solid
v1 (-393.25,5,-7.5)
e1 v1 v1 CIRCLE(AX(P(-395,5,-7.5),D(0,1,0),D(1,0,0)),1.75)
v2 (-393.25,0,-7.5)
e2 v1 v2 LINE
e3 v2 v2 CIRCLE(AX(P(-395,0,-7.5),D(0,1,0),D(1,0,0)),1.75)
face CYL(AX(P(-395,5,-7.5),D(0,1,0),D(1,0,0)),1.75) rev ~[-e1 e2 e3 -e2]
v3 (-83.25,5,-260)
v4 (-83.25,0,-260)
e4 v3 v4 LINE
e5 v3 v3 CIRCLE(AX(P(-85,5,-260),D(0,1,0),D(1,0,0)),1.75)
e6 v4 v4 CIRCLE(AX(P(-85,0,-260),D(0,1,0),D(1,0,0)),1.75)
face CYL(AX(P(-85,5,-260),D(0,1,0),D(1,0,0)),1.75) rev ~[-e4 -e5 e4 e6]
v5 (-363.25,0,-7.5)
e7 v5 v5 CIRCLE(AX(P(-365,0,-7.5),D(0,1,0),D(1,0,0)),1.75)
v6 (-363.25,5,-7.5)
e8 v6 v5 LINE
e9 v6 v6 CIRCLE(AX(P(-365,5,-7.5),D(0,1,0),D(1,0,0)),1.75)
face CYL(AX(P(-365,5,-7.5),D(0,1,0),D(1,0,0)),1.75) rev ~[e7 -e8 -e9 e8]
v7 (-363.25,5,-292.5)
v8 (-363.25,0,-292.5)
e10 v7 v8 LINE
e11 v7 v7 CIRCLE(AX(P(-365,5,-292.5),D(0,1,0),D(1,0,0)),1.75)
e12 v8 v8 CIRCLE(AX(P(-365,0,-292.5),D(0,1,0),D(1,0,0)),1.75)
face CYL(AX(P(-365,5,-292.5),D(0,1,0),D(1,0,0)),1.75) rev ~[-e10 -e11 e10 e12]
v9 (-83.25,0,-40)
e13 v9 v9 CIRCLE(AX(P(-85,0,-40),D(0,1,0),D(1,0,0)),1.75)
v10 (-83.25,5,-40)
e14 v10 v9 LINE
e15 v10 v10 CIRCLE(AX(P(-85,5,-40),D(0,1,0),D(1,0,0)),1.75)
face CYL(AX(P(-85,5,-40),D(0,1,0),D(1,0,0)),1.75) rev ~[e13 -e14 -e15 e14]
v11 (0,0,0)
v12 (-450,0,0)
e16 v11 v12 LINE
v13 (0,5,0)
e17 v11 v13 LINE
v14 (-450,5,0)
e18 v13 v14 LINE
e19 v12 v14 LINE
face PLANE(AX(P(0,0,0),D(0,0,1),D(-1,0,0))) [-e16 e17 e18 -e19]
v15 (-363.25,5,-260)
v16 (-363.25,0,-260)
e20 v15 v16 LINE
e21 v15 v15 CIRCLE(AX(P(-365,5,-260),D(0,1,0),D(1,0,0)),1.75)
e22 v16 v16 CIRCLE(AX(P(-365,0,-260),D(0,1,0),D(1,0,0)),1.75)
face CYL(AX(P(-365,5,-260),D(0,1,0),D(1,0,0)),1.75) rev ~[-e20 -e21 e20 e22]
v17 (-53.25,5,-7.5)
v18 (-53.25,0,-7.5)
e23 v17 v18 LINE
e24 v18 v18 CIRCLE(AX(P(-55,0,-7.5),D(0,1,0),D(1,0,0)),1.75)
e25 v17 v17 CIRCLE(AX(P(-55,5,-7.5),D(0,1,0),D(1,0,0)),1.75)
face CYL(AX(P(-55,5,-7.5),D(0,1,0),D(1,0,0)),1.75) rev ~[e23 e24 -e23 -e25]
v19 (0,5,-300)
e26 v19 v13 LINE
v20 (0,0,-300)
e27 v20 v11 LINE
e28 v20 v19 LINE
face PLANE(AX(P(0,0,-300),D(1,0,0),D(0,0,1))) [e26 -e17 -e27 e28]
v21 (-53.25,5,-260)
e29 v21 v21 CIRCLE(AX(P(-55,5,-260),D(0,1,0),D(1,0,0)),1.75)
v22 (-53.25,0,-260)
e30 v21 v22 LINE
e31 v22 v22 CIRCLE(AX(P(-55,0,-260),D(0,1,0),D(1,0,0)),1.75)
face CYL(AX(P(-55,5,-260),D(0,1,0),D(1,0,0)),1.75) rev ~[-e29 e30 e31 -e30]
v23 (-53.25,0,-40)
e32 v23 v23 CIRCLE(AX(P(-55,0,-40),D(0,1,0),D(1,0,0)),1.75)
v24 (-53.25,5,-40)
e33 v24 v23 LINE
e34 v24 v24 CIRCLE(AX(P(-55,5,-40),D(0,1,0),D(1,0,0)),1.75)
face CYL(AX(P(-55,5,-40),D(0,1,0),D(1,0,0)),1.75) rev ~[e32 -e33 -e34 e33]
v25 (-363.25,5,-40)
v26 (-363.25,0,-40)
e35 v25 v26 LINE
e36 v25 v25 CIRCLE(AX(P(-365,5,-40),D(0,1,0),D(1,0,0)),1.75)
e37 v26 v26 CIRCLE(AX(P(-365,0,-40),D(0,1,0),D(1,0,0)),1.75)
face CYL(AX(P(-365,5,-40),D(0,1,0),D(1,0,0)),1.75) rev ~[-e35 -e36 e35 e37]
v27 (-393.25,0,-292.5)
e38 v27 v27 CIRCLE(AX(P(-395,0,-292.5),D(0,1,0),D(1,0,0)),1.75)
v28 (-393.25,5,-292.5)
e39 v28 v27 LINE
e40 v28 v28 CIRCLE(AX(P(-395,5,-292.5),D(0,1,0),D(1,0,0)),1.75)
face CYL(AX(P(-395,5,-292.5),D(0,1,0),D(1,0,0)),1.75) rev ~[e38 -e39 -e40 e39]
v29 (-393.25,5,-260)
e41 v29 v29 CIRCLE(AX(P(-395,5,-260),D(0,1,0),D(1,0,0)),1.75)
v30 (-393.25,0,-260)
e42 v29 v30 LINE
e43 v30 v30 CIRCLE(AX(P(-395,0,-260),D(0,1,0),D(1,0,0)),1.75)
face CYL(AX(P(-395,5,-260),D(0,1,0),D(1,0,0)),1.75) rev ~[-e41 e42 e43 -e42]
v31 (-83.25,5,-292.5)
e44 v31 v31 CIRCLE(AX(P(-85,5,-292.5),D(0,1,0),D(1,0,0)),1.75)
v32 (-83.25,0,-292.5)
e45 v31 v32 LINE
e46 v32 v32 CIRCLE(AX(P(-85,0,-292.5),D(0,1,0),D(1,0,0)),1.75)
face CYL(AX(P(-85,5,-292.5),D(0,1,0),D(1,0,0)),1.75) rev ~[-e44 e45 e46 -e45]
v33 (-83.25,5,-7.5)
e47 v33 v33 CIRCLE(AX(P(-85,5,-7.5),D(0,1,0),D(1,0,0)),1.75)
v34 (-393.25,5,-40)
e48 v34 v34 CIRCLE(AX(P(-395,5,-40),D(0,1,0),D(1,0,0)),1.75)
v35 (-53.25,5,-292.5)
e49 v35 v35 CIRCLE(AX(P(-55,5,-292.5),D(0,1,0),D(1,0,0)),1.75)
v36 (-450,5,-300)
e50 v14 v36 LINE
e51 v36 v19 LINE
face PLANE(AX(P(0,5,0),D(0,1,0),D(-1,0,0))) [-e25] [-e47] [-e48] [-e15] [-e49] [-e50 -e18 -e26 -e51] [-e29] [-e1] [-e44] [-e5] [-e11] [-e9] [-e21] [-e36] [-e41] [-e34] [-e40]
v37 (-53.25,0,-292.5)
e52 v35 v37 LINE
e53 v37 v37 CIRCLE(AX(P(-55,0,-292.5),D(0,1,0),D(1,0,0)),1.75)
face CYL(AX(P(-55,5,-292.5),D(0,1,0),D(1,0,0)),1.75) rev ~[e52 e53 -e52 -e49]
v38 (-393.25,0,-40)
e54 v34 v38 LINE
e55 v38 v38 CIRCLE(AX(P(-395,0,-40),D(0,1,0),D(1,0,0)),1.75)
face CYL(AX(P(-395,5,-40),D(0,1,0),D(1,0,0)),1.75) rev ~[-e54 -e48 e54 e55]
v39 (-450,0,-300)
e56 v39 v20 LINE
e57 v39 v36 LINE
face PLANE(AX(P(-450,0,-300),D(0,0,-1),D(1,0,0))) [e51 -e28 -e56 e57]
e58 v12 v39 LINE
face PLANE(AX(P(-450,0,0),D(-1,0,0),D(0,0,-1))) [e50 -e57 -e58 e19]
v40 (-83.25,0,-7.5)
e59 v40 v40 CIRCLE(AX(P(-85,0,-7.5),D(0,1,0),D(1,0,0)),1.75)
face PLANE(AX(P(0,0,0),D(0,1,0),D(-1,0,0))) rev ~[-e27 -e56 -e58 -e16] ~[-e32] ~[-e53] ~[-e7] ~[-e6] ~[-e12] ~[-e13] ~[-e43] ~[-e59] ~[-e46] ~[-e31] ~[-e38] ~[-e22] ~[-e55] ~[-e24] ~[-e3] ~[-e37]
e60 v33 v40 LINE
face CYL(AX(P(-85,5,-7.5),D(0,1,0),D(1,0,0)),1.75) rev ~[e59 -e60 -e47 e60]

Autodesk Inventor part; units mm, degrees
ref_plane "YZ Plane" through (0, 0, 0) normal (1, 0, 0) x (0, 1, 0)
ref_plane "XZ Plane" through (0, 0, 0) normal (0, 1, 0) x (-1, 0, 0)
ref_plane "XY Plane" through (0, 0, 0) normal (0, 0, 1) x (1, 0, 0)
sketch "Sketch1" plane through (0, 0, 0) normal (0, 1, 0) x (-1, 0, 0)
  line L0 (0, 0) -> (450, 0)
  line L1 (450, 0) -> (450, -300)
  line L2 (450, -300) -> (0, -300)
  line L3 (0, -300) -> (0, 0)
  dimension "d0" = 450
  dimension "d1" = 300
extrude "Extrusion1" add sketch "Sketch1" along normal blind 5
sketch "Sketch2" plane through (0, 5, 0) normal (0, 1, 0) x (1, 0, 0)
  circle A0 centre (-55, 7.5) radius 1.75
  circle A1 centre (-55, 40) radius 1.75
  circle A2 centre (-85, 7.5) radius 1.75
  circle A3 centre (-85, 40) radius 1.75
  line L0 (0, 104.657) -> (0, 226.0583) construction
  line L1 (0, 0) -> (0, 300) construction
  circle A4 centre (-55, 260) radius 1.75
  circle A5 centre (-55, 292.5) radius 1.75
  circle A6 centre (-85, 260) radius 1.75
  circle A7 centre (-85, 292.5) radius 1.75
  line L2 (-450, 0) -> (0, 0) construction
  line L3 (-77.4228, 0) -> (-201.8841, 0) construction
  circle A8 centre (-365, 260) radius 1.75
  circle A9 centre (-365, 292.5) radius 1.75
  circle A10 centre (-395, 260) radius 1.75
  circle A11 centre (-395, 292.5) radius 1.75
  circle A12 centre (-365, 7.5) radius 1.75
  circle A13 centre (-365, 40) radius 1.75
  circle A14 centre (-395, 7.5) radius 1.75
  circle A15 centre (-395, 40) radius 1.75
  point P0 (-387.4228, 0)
  dimension "d5" = 3.5
  dimension "d7" = 3.5
  dimension "d8" = 3.5
  dimension "d9" = 3.5
  dimension "d12" = 252.5
  dimension "d19" = 310
extrude "Extrusion2" cut sketch "Sketch2" against normal blind 310
equation "\"d24\" = d19"
properties part number "ChassisTest"
